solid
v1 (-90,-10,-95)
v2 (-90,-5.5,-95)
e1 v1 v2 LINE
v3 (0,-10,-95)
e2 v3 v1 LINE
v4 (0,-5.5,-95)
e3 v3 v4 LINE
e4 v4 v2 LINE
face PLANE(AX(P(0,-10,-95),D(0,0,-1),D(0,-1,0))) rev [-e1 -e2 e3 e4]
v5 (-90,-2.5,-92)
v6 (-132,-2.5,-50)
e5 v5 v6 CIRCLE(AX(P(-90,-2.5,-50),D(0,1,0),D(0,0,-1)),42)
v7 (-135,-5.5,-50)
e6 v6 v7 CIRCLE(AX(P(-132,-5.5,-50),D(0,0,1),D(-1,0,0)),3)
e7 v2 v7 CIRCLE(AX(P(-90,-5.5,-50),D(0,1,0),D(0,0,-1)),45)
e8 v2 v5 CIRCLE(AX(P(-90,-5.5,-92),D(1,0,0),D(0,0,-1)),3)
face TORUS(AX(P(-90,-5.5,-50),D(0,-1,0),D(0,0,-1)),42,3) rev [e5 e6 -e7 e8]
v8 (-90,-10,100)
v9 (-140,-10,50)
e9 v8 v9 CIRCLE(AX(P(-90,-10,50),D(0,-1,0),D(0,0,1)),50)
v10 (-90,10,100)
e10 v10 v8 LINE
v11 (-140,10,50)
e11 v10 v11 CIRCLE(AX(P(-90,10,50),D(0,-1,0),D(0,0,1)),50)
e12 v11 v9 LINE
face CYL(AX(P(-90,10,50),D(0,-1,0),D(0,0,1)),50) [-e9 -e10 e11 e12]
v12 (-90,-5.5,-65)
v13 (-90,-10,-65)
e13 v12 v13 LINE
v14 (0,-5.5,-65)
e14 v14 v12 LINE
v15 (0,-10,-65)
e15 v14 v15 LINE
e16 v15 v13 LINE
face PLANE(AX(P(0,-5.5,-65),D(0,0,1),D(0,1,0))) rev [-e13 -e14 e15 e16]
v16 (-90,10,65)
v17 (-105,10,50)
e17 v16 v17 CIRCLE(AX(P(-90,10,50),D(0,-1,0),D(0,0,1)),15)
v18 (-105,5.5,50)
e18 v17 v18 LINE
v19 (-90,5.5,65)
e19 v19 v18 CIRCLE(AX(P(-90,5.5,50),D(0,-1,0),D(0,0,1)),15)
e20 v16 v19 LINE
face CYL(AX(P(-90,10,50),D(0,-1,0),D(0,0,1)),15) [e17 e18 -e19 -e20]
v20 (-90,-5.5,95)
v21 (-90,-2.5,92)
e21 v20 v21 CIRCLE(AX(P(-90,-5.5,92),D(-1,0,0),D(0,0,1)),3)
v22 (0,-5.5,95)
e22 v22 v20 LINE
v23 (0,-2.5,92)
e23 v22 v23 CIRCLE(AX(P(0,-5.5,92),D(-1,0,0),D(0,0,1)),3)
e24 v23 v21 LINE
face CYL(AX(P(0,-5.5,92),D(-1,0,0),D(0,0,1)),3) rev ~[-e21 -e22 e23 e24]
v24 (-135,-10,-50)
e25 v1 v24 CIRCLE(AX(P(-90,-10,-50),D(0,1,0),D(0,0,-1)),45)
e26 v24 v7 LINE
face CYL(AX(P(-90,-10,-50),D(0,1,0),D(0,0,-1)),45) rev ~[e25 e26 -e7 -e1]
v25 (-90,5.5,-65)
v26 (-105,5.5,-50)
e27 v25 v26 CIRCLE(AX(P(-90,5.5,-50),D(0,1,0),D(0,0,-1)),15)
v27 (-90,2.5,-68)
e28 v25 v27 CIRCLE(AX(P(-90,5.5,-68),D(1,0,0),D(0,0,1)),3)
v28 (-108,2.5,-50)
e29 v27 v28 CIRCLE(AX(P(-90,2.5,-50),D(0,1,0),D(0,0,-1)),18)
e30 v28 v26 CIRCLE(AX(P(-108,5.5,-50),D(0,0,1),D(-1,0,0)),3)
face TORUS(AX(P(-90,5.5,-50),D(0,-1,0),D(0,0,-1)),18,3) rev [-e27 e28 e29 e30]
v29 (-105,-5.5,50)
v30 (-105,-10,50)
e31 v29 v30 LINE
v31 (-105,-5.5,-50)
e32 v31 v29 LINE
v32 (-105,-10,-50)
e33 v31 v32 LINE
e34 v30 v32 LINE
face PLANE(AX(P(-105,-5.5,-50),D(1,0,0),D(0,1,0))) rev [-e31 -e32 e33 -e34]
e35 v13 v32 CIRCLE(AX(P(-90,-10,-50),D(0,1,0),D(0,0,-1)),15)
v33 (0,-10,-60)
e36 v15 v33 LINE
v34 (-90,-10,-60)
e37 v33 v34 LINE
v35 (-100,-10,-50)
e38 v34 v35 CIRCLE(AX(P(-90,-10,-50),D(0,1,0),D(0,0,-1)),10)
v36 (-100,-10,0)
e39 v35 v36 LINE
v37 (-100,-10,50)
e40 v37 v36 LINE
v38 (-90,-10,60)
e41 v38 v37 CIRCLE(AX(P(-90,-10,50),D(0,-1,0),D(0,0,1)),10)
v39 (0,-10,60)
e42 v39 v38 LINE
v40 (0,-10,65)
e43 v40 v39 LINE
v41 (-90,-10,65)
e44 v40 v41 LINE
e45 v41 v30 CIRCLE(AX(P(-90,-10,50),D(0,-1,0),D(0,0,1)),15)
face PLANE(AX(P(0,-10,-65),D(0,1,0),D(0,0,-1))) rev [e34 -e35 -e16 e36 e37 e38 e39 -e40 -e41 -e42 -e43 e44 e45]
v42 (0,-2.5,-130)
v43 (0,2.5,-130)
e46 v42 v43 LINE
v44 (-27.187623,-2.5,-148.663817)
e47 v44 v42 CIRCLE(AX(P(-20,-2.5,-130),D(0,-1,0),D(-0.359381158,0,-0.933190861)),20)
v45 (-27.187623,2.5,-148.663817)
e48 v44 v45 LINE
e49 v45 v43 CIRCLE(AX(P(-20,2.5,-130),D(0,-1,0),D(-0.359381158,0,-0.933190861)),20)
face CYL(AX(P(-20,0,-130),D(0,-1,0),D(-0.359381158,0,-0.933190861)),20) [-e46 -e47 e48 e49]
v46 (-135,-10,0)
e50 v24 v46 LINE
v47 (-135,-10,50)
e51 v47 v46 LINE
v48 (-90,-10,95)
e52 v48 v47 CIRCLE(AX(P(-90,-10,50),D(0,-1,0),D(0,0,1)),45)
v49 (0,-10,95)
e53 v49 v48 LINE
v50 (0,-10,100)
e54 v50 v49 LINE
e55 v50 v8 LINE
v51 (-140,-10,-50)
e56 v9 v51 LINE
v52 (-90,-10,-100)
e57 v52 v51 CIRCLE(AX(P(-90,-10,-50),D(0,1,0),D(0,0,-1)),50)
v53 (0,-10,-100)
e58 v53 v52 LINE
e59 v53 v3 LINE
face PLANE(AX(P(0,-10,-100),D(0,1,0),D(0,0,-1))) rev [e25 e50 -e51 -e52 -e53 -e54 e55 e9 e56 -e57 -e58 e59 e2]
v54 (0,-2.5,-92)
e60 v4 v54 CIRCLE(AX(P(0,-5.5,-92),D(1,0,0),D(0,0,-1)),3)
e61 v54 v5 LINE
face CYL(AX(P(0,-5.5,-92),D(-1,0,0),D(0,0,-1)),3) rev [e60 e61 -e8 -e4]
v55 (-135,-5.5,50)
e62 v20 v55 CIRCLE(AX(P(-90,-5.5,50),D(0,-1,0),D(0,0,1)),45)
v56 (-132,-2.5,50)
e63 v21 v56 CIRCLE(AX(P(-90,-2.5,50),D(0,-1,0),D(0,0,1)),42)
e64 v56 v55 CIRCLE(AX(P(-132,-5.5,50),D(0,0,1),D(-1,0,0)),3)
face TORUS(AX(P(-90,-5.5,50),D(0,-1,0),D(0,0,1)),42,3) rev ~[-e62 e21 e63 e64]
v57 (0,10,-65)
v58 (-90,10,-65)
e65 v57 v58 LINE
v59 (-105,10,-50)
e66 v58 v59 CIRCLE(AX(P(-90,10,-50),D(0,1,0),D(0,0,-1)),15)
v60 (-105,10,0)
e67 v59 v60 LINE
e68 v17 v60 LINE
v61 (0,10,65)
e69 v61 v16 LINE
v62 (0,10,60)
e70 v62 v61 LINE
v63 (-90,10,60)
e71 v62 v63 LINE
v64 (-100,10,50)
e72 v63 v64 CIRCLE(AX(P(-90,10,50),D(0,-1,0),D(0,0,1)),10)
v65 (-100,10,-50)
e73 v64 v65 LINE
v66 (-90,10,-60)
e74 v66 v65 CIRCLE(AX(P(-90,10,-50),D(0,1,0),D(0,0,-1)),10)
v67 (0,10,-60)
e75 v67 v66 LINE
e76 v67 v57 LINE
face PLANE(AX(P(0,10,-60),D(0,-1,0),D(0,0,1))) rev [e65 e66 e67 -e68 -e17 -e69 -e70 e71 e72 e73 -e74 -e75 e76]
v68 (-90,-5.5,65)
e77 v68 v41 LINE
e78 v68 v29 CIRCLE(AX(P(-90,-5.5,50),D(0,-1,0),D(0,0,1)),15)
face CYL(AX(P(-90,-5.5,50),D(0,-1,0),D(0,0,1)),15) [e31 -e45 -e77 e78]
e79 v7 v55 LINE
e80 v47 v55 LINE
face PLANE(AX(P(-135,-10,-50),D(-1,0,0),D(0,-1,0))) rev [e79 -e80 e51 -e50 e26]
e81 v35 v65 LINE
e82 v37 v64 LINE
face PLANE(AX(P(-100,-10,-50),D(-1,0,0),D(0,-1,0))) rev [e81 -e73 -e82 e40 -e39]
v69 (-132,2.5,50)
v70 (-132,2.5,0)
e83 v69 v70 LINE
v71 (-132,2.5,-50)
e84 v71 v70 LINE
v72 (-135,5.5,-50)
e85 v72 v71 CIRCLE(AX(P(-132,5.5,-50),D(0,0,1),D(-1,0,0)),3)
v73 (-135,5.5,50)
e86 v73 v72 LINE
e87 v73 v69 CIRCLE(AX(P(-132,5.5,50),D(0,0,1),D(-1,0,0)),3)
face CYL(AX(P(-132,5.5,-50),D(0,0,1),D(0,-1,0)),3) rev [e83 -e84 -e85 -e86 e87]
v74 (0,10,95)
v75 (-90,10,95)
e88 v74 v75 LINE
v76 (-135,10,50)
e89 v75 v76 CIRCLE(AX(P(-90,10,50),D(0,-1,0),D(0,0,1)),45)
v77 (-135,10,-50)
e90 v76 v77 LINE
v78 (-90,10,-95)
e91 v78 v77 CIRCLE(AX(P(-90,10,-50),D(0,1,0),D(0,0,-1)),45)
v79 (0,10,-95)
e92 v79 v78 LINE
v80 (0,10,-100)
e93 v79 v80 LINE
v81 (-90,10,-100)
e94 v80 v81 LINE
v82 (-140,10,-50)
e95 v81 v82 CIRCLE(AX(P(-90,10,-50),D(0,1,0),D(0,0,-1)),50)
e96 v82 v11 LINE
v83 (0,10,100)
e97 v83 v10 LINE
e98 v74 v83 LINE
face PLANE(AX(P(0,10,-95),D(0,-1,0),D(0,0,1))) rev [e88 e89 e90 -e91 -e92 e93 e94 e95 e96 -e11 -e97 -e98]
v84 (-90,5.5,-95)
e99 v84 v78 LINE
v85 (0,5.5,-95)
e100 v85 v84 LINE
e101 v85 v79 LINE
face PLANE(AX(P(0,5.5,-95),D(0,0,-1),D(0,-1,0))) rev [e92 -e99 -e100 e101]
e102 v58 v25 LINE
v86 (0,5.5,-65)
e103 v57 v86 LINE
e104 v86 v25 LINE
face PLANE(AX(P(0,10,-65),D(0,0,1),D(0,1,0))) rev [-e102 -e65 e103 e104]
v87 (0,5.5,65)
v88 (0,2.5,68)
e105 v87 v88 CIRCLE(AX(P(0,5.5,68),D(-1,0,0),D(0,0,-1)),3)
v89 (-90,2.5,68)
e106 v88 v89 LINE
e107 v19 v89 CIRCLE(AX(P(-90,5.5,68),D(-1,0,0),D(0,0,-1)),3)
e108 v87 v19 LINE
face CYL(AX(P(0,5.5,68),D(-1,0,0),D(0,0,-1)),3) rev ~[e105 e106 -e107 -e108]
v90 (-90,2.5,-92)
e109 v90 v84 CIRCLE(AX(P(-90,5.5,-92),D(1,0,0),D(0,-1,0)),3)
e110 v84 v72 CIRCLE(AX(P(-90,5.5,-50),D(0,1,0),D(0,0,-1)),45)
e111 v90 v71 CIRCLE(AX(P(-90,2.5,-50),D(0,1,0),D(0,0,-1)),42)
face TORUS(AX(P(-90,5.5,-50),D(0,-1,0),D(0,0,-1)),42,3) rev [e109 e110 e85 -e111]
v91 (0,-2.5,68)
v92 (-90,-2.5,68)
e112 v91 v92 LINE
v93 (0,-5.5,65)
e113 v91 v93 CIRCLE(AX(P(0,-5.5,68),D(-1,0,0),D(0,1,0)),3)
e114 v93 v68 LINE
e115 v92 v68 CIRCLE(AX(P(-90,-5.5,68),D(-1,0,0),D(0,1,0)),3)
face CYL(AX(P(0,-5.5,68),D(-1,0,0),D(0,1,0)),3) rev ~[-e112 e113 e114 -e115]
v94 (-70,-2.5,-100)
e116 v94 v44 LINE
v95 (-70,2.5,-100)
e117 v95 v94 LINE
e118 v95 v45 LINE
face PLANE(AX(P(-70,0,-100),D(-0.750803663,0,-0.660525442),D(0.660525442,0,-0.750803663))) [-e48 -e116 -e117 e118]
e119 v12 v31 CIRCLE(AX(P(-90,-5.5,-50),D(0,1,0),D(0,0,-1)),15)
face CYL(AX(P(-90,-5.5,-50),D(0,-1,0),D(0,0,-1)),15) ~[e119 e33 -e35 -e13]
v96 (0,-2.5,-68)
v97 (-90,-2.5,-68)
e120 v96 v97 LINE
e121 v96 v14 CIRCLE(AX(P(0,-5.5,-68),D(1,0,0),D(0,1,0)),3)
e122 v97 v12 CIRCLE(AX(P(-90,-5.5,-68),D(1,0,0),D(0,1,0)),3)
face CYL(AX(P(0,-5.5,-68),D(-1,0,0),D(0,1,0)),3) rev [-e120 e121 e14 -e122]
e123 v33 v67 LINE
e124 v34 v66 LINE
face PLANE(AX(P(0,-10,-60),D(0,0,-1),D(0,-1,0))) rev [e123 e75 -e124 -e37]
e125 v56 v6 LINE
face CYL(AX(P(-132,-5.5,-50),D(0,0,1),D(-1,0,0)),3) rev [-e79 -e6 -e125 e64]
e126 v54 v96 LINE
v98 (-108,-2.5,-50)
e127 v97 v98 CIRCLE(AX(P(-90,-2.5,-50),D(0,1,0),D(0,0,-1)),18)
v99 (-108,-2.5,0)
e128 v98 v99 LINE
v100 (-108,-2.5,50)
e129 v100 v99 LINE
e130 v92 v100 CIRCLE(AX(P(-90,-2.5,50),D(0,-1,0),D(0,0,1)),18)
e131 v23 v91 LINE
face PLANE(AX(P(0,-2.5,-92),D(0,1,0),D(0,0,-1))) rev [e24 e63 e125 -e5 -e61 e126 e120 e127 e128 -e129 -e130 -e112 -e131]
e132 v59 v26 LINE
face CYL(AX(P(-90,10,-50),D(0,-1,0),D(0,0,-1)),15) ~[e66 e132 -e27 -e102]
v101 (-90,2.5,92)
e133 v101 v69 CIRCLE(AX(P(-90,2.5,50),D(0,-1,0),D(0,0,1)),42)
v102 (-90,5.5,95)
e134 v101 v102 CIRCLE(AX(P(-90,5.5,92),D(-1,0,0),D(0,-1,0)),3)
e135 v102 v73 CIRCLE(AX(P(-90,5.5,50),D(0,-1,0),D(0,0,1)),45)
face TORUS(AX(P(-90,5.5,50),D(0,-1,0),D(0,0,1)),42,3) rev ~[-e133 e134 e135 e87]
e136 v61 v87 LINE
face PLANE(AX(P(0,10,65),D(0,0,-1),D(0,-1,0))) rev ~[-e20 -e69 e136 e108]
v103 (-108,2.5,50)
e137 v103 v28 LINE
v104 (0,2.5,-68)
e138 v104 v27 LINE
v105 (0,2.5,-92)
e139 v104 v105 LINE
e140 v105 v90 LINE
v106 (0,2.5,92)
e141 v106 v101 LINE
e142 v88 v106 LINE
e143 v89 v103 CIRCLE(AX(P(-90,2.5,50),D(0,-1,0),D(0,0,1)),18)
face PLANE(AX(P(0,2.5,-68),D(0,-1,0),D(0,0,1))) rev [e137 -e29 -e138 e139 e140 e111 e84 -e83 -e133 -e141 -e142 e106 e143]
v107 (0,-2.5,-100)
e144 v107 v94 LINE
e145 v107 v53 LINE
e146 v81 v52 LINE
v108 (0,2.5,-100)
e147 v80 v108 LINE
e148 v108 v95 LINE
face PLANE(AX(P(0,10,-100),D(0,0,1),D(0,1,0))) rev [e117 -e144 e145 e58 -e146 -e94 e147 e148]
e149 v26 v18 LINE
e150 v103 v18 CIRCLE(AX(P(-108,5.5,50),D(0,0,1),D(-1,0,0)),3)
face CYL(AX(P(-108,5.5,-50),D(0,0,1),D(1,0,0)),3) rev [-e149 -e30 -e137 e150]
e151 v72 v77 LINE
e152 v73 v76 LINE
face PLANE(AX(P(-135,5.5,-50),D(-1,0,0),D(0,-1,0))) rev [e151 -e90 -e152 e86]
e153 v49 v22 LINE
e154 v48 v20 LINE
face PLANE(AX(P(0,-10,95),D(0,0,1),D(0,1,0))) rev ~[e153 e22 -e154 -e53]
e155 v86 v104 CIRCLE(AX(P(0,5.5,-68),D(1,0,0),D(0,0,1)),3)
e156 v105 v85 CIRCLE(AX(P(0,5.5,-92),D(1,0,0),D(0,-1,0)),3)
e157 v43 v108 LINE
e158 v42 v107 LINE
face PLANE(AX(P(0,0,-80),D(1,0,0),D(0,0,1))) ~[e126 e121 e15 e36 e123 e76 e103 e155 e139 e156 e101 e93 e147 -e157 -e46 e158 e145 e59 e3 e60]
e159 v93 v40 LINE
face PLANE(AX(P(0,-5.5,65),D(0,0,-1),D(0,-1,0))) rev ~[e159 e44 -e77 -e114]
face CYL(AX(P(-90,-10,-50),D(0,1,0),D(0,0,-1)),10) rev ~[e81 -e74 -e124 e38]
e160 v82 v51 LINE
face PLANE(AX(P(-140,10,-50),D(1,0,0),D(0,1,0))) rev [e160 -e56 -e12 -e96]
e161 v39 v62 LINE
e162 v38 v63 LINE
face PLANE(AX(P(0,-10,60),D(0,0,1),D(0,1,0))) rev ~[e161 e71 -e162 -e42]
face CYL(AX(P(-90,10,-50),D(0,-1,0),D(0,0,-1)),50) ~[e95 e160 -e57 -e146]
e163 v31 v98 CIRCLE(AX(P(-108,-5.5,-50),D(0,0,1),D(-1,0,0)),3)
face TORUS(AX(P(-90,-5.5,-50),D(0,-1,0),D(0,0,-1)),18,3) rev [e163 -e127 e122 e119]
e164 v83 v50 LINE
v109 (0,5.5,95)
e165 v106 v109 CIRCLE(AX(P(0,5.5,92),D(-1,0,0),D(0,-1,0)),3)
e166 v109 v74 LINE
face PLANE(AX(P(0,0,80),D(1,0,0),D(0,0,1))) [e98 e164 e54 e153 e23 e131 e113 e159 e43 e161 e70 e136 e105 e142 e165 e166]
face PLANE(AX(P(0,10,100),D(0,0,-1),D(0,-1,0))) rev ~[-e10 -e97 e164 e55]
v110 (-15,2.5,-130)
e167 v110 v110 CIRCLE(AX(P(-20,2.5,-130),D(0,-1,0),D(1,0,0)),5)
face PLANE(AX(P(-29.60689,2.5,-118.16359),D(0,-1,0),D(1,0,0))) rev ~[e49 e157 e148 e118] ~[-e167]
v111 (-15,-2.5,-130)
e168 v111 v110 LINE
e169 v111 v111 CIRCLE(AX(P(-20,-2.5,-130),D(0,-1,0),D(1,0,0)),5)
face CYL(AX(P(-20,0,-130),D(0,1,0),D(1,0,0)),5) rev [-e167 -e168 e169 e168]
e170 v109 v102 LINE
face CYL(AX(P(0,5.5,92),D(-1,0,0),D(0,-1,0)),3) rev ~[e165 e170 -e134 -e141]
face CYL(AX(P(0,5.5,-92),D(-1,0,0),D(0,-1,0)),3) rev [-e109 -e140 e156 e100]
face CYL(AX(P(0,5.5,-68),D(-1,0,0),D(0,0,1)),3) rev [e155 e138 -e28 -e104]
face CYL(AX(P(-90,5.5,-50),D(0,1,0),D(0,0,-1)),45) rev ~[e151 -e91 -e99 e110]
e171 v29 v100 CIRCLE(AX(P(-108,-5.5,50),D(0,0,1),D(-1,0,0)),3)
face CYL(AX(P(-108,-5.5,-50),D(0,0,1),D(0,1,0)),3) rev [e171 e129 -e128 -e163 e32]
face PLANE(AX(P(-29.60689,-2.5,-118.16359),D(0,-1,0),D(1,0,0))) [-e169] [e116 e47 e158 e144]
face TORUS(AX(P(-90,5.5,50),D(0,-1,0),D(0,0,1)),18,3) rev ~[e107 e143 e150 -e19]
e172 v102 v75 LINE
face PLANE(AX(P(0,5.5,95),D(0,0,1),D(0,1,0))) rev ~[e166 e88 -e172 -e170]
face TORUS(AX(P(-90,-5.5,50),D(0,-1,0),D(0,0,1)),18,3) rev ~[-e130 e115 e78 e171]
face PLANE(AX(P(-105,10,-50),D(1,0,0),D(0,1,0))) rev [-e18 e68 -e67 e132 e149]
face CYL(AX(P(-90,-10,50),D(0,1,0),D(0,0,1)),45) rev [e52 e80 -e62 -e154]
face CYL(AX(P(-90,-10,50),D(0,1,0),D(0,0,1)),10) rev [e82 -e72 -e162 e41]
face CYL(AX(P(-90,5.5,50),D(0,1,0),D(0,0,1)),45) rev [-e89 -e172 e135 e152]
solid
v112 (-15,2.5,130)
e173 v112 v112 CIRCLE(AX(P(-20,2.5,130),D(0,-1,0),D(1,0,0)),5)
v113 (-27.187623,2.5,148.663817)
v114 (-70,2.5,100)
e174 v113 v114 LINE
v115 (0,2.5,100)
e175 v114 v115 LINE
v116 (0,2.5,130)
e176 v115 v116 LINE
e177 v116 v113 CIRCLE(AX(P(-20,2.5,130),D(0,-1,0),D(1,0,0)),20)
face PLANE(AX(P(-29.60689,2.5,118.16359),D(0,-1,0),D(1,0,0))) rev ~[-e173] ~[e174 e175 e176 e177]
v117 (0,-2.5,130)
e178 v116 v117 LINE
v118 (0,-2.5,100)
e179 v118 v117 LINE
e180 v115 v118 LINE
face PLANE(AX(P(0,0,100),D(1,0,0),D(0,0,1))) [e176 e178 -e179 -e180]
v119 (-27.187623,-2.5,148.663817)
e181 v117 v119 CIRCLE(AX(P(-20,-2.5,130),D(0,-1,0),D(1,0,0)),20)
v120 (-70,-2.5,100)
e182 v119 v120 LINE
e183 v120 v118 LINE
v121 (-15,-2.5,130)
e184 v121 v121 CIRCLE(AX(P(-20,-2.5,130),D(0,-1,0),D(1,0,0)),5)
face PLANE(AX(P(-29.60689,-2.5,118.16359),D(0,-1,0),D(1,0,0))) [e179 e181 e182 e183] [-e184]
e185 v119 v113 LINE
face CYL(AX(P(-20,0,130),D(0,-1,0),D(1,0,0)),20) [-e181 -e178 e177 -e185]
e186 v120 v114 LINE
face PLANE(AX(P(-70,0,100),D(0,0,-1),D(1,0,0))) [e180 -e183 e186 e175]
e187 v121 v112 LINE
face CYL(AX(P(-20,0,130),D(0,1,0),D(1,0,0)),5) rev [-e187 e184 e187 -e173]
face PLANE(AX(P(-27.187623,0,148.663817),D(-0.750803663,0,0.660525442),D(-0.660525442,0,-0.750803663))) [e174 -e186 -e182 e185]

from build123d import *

# Parameters (mm, degrees)
F4_R     = 5
F5_DEPTH = 2.5
F6_DEPTH = 2.5


with BuildPart() as f2:
    # F2: sweep along a path in F0
    with BuildLine(Plane.XZ) as f2_path:
        Line((0, 60), (-90, 60))
        ThreePointArc((-90, 60), (-97.0710678119, 57.0710678119), (-100, 50))
        Line((-100, 50), (-100, 0))
    # F1 (on Right) → F2 (sweep)
    with BuildSketch(Plane.YZ):
        with BuildLine():
            Line((10, 100), (0, 100))
            Line((0, 100), (-10, 100))
            Line((-10, 100), (-10, 95))
            Line((-10, 95), (-5.5, 95))
            ThreePointArc((-5.5, 95), (-3.3786796564, 94.1213203436), (-2.5, 92))
            Line((-2.5, 92), (-2.5, 68))
            ThreePointArc((-2.5, 68), (-3.3786796564, 65.8786796564), (-5.5, 65))
            Line((-5.5, 65), (-10, 65))
            Line((-10, 65), (-10, 60))
            Line((-10, 60), (0, 60))
            Line((0, 60), (10, 60))
            Line((10, 60), (10, 65))
            Line((10, 65), (5.5, 65))
            ThreePointArc((5.5, 65), (3.3786796564, 65.8786796564), (2.5, 68))
            Line((2.5, 68), (2.5, 92))
            ThreePointArc((2.5, 92), (3.3786796564, 94.1213203436), (5.5, 95))
            Line((5.5, 95), (10, 95))
            Line((10, 95), (10, 100))
        make_face()
    sweep(path=f2_path.line)

    # F3: F2 across plane


with BuildPart() as f2_1:
    add(f2.part)
    add(f2.part.mirror(Plane.XY))

    # F4 (on Front) → F6 (join, symmetric)
    with BuildSketch(Plane.XZ):
        with BuildLine():
            Line((0, -130), (0, -100))
            Line((0, -100), (-70, -100))
            Line((-70, -100), (-27.1876231576, -148.6638172233))
            ThreePointArc((-27.1876231576, -148.6638172233), (-8.6808229794, -146.488669794), (0, -130))
        make_face()
        with Locations((-20, -130)):
            Circle(F4_R, mode=Mode.SUBTRACT)
    extrude(amount=F6_DEPTH, both=True)


with BuildPart() as f5:
    # F4 (on Front) → F5 (new body, symmetric)
    with BuildSketch(Plane.XZ):
        with BuildLine():
            Line((-70, 100), (0, 100))
            Line((0, 100), (0, 130))
            ThreePointArc((0, 130), (-8.6808229794, 146.488669794), (-27.1876231576, 148.6638172233))
            Line((-27.1876231576, 148.6638172233), (-70, 100))
        make_face()
        with Locations((-20, 130)):
            Circle(F4_R, mode=Mode.SUBTRACT)
    extrude(amount=F5_DEPTH, both=True)


solid = Compound([f2_1.part, f5.part])
